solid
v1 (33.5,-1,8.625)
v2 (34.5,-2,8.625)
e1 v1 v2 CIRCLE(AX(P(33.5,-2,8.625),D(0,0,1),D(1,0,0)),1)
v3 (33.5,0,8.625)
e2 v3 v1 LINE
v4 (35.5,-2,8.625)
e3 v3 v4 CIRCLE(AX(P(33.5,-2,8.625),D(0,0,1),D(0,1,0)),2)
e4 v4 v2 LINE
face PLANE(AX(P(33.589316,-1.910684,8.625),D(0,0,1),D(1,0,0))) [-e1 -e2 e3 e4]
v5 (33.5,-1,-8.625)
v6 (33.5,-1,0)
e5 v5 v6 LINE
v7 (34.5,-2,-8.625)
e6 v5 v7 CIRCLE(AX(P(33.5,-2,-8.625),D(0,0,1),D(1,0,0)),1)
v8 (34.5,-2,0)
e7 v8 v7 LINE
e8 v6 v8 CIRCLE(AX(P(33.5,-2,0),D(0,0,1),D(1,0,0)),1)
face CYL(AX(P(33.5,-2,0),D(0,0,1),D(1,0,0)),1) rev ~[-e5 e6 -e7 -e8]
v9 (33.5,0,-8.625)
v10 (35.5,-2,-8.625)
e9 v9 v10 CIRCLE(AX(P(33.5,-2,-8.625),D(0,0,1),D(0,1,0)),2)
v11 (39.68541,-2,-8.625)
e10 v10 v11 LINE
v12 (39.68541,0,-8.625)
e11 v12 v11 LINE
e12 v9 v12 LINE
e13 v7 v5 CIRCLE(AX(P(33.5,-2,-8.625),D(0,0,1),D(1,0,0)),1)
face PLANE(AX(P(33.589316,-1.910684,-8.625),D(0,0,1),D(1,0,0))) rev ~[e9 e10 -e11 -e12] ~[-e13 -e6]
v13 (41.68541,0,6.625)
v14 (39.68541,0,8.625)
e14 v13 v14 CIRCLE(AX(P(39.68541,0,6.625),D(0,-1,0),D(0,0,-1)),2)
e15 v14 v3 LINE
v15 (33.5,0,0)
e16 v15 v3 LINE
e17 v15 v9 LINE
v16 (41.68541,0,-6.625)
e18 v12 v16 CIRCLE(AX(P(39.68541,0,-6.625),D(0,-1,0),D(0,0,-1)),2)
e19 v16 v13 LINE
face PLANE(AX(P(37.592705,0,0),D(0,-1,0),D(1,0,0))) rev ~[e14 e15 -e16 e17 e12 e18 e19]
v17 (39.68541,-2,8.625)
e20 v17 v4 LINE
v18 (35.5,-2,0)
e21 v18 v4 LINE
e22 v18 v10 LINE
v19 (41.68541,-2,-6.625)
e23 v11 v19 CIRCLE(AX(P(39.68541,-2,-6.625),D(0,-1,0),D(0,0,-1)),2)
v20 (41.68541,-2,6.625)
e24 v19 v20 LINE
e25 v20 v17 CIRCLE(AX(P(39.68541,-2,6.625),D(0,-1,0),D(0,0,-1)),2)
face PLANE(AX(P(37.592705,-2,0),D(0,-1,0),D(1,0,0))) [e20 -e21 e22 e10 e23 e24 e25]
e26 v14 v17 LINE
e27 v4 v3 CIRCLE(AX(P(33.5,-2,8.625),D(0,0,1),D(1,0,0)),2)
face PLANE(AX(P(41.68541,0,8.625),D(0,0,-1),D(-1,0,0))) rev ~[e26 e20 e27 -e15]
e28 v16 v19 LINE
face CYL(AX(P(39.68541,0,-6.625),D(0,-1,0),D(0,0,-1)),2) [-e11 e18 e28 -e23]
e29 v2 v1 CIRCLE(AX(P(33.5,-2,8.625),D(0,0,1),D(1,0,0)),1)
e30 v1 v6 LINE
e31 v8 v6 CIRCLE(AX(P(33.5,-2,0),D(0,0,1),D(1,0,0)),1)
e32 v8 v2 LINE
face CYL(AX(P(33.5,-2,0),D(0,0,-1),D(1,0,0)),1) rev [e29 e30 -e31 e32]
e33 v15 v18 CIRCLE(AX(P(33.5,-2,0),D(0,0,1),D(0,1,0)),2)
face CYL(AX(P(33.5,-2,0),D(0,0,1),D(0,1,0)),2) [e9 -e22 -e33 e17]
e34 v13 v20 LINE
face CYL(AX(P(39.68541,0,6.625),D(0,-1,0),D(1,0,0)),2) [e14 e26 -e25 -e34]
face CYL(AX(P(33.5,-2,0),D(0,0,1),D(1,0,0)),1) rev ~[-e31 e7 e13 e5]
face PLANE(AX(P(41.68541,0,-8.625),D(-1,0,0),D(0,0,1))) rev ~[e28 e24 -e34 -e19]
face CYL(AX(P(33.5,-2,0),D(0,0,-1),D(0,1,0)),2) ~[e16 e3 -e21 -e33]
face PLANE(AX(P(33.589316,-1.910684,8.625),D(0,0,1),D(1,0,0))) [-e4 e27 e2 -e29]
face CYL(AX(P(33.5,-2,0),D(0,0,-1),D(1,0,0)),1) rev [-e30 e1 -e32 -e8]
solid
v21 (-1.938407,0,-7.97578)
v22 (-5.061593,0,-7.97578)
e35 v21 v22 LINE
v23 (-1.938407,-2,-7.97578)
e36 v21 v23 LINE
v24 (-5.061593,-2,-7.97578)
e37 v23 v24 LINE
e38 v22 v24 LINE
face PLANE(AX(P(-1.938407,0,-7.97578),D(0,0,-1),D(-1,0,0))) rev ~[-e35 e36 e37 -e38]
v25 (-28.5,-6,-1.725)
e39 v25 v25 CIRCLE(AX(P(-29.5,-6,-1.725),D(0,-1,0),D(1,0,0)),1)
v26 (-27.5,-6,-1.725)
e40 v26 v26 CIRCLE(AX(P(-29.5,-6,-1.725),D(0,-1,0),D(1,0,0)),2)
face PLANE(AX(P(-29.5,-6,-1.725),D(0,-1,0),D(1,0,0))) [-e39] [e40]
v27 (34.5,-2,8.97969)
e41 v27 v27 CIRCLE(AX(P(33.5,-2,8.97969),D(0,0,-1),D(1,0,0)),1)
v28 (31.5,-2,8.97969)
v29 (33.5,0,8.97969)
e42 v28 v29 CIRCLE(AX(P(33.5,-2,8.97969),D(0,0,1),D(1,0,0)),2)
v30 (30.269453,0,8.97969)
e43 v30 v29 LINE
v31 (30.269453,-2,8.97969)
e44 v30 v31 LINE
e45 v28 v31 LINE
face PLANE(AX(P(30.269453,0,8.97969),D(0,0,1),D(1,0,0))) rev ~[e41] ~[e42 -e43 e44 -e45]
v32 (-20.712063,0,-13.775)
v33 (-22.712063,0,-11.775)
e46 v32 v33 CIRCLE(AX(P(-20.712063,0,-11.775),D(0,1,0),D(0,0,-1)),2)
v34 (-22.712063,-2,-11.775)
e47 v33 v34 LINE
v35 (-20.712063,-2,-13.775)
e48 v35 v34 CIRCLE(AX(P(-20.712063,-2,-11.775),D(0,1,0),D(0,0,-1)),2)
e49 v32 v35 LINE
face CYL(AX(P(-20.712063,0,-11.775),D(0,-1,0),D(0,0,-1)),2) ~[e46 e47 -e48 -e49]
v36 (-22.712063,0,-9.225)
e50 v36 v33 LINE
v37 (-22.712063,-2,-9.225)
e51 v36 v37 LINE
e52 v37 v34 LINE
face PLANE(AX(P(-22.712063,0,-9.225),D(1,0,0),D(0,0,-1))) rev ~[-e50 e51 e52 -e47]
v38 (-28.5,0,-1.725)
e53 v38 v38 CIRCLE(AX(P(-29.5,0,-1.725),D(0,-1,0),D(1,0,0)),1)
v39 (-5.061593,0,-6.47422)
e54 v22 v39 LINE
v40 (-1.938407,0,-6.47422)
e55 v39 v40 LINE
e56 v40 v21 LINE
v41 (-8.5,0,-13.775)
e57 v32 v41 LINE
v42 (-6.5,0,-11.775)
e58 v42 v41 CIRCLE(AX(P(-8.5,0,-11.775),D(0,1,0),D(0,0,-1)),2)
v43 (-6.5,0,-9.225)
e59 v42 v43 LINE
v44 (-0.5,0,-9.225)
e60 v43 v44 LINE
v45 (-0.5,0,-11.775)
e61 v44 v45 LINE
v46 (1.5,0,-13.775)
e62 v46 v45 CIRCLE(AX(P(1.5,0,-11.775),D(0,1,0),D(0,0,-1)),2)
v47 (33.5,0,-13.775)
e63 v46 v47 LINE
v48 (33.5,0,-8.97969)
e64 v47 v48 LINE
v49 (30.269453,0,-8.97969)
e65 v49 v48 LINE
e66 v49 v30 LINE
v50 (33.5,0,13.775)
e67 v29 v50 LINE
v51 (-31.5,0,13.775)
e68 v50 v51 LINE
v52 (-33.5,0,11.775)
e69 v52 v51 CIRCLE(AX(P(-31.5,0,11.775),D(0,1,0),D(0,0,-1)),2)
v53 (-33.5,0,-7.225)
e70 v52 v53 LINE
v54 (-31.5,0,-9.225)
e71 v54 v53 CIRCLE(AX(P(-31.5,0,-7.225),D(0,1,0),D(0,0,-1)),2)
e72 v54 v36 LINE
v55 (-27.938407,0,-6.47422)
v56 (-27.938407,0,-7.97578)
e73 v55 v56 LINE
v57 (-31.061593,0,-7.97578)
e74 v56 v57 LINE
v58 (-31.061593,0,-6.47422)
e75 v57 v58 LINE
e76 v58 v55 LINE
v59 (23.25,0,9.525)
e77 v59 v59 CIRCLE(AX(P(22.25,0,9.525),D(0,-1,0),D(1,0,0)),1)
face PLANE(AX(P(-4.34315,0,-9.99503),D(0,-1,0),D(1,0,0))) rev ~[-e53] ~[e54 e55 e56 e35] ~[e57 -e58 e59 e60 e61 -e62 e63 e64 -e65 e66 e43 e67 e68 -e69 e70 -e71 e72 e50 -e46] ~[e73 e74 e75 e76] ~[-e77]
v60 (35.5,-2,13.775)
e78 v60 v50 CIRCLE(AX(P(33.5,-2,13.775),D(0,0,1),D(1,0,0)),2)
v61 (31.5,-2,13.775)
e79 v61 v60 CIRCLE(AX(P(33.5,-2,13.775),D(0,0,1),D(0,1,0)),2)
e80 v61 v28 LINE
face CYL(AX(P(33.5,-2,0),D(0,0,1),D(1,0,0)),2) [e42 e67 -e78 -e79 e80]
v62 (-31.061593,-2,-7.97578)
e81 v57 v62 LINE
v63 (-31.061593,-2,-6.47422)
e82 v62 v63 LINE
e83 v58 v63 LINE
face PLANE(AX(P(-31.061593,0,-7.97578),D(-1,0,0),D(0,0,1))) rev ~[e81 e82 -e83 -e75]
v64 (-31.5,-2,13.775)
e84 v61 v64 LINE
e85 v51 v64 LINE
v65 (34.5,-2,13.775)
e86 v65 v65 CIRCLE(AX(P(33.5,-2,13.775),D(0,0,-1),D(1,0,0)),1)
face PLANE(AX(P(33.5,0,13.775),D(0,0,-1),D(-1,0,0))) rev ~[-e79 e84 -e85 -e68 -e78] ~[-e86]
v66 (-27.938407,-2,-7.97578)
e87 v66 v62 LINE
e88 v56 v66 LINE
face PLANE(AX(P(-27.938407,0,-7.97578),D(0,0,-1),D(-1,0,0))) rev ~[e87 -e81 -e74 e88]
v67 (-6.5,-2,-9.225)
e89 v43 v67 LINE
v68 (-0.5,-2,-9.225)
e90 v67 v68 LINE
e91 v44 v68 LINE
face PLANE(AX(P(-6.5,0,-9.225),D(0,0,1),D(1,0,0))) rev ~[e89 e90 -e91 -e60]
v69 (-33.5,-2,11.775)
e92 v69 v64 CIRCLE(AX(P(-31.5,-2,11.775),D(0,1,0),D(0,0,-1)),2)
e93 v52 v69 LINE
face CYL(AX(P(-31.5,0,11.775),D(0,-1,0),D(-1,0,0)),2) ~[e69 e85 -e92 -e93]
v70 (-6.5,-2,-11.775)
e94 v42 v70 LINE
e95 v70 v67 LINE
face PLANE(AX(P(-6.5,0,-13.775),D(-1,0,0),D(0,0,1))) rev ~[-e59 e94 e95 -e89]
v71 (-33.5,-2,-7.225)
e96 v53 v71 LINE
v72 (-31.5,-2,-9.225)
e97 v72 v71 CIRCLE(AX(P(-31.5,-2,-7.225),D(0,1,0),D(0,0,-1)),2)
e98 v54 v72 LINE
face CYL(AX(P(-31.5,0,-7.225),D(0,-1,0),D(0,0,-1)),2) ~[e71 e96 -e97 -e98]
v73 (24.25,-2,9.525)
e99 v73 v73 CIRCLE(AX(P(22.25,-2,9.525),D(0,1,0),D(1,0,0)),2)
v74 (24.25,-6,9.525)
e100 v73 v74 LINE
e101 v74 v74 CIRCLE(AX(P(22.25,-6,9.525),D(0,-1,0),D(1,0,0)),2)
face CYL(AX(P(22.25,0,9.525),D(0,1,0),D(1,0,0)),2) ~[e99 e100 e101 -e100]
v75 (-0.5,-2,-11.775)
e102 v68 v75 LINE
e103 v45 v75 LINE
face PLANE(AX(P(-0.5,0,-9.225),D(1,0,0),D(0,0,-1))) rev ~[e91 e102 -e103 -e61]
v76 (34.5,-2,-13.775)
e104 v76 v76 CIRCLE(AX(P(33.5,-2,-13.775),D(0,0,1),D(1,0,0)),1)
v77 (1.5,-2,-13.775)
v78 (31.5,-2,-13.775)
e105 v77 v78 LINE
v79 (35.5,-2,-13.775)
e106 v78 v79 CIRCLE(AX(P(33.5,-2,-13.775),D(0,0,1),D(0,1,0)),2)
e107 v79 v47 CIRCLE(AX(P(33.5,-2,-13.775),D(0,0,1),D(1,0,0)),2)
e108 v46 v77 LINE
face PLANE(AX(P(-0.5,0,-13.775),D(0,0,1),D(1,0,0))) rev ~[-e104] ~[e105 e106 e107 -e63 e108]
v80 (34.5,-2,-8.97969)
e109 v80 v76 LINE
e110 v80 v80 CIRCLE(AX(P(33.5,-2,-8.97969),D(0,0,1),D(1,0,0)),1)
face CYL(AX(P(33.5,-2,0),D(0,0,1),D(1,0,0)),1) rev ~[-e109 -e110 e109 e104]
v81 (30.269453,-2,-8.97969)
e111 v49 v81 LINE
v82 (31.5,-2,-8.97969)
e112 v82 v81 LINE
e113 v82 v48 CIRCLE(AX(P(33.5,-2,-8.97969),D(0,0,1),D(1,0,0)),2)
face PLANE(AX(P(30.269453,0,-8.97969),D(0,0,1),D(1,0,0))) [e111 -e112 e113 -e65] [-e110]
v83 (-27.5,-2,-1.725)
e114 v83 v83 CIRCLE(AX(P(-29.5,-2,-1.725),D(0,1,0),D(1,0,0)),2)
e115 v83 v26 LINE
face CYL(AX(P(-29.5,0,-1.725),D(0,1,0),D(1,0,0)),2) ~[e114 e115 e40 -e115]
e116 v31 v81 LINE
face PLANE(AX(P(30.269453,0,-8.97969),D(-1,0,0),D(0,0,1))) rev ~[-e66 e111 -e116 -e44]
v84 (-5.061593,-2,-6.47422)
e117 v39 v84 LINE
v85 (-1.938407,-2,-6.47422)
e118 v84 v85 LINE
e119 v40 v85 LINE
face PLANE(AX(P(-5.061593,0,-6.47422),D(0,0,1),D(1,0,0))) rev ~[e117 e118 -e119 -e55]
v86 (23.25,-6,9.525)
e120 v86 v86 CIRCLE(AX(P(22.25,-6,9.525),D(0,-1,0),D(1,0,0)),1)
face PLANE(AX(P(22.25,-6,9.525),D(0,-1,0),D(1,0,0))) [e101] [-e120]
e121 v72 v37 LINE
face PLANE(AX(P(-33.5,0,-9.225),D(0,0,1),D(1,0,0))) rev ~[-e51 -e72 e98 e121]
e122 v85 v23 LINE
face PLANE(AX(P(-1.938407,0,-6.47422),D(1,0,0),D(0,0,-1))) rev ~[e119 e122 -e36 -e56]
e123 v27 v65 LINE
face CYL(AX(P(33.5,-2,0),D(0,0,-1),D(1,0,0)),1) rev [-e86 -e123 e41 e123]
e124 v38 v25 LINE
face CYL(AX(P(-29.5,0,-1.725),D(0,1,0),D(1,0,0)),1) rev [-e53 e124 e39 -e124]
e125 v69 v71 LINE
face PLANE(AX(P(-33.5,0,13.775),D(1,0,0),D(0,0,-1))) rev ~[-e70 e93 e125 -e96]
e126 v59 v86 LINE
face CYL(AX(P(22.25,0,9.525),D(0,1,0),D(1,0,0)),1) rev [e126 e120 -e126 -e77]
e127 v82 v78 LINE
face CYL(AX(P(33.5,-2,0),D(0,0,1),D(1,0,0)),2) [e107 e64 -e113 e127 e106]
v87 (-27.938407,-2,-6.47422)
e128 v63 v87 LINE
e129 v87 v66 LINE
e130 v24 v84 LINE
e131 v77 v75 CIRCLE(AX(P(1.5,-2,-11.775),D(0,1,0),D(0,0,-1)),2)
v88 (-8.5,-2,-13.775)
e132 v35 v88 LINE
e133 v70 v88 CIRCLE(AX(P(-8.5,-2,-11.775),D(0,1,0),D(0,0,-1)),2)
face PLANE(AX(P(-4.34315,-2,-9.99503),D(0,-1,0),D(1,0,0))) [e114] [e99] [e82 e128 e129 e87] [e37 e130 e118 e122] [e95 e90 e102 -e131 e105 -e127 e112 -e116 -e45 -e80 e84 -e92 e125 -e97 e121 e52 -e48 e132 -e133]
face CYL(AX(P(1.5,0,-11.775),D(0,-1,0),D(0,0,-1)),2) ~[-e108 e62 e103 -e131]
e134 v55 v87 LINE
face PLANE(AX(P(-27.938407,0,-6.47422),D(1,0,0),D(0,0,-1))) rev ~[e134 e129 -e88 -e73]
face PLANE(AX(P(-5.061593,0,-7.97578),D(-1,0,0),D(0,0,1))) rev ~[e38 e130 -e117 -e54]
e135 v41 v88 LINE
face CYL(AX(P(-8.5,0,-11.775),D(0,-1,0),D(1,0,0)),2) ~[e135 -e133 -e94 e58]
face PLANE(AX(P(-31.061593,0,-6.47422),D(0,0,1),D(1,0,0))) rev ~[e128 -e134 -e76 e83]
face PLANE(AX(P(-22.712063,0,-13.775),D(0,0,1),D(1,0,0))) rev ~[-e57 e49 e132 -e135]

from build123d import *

# Parameters (mm, degrees)
F0_R           = 2
F0_W           = 9
F0_H           = 21
F0_R_2         = 1
F0_H_2         = 6.55
F1_DEPTH       = 2
F2_DEPTH       = 6
F3_R           = 1
F4_DEPTH       = 13.775
F4_DEPTH_BACK  = 13.775
F5_W           = 10.4610943198
F5_H           = 17.9593805224
F6_DEPTH       = 6
F7_DEPTH       = 8.625
F9_DEPTH       = 2
F10_DEPTH      = 13.776
F10_DEPTH_BACK = 13.776
F11_R          = 2
F11_2_R        = 2


with BuildPart() as f1:
    # F0 (on Front) → F1 (new body)
    with BuildSketch(Plane.XZ):
        Polygon((-0.5, -13.775), (24.5, -13.775), (24.5, -7.225), (-1.9384069145, -7.225), (-1.9384069145, -7.9757804051), (-5.0615930855, -7.9757804051), (-5.0615930855, -7.225), (-27.9384069145, -7.225), (-27.9384069145, -7.9757804051), (-31.0615930855, -7.9757804051), (-31.0615930855, -7.225), (-33.5, -7.225), (-33.5, -9.225), (-22.7120630443, -9.225), (-22.7120630443, -13.775), (-6.5, -13.775), (-6.5, -9.225), (-0.5, -9.225), align=None)
        Polygon((-1.9384069145, -7.225), (24.5, -7.225), (24.5, 13.775), (-33.5, 13.775), (-33.5, -7.225), (-31.0615930855, -7.225), (-31.0615930855, -6.4742195949), (-27.9384069145, -6.4742195949), (-27.9384069145, -7.225), (-5.0615930855, -7.225), (-5.0615930855, -6.4742195949), (-1.9384069145, -6.4742195949), align=None)
        with Locations((-29.5, -1.725)):
            Circle(F0_R, mode=Mode.SUBTRACT)
        with Locations((22.25, 9.525)):
            Circle(F0_R, mode=Mode.SUBTRACT)
        with Locations((29, 3.275)):
            Rectangle(F0_W, F0_H)
        with Locations((22.25, 9.525)):
            Circle(F0_R)
        with Locations((22.25, 9.525)):
            Circle(F0_R_2, mode=Mode.SUBTRACT)
        with Locations((-29.5, -1.725)):
            Circle(F0_R)
        with Locations((-29.5, -1.725)):
            Circle(F0_R_2, mode=Mode.SUBTRACT)
        with Locations((29, -10.5)):
            Rectangle(F0_W, F0_H_2)
    extrude(amount=F1_DEPTH)

    # F0 (on Front) → F2 (join)
    with BuildSketch(Plane.XZ):
        with Locations((-29.5, -1.725)):
            Circle(F0_R)
        with Locations((-29.5, -1.725)):
            Circle(F0_R_2, mode=Mode.SUBTRACT)
        with Locations((22.25, 9.525)):
            Circle(F0_R)
        with Locations((22.25, 9.525)):
            Circle(F0_R_2, mode=Mode.SUBTRACT)
    extrude(amount=F2_DEPTH)

    # F3 (on Top) → F4 (join, two sides)
    with BuildSketch(Plane.XY) as f4_sk:
        with BuildLine():
            ThreePointArc((33.5, 0), (32.0857864376, -3.4142135624), (35.5, -2))
            ThreePointArc((35.5, -2), (34.9142135624, -0.5857864376), (33.5, 0))
        make_face()
        with Locations((33.5, -2)):
            Circle(F3_R, mode=Mode.SUBTRACT)
        with Locations((33.5, -2)):
            Circle(F3_R)
    extrude(amount=F4_DEPTH)
    extrude(f4_sk.sketch, amount=-F4_DEPTH_BACK)

    # F5 (on Front) → F6 (cut)
    with BuildSketch(Plane.XZ):
        with Locations((35.5, 0)):
            Rectangle(F5_W, F5_H)
    extrude(amount=F6_DEPTH, mode=Mode.SUBTRACT)


with BuildPart() as f7:
    # F3 (on Top) → F7 (new body, symmetric)
    with BuildSketch(Plane.XY):
        with BuildLine():
            ThreePointArc((33.5, 0), (32.0857864376, -3.4142135624), (35.5, -2))
            ThreePointArc((35.5, -2), (34.9142135624, -0.5857864376), (33.5, 0))
        make_face()
        with Locations((33.5, -2)):
            Circle(F3_R, mode=Mode.SUBTRACT)
    extrude(amount=F7_DEPTH, both=True)

    # F8 (on Front) → F9 (join, through all)
    with BuildSketch(Plane.XZ):
        Polygon((35.5, 8.625), (33.5, 8.625), (33.5, -8.625), (35.5, -8.625), (41.6854098439, -8.625), (41.6854098439, 8.625), align=None)
    extrude(amount=F9_DEPTH)


with BuildPart() as f10_tool:
    # F3 (on Top) → F10 (new body, two sides)
    with BuildSketch(Plane.XY) as f10_sk:
        with Locations((33.5, -2)):
            Circle(F3_R)
    extrude(amount=-F10_DEPTH)
    extrude(f10_sk.sketch, amount=F10_DEPTH_BACK)


with BuildPart() as f1_1:
    add(f1.part)

    # F10: cut by f10_tool
    add(f10_tool.part, mode=Mode.SUBTRACT)

    # F11
    f11_edges = [f1_1.edges().sort_by_distance(p)[0] for p in [
        (-33.5, -1, -9.225),
        (-33.5, -1, 13.775),
        (-22.712063, -1, -13.775),
        (-6.5, -1, -13.775),
        (-0.5, -1, -13.775),
    ]]
    fillet(f11_edges, radius=F11_R)


with BuildPart() as f7_1:
    add(f7.part)

    # F10: cut by f10_tool
    add(f10_tool.part, mode=Mode.SUBTRACT)

    # F11#2
    f11_2_edges = [f7_1.edges().sort_by_distance(p)[0] for p in [
        (41.68541, -1, -8.625),
        (41.68541, -1, 8.625),
    ]]
    fillet(f11_2_edges, radius=F11_2_R)


solid = Compound([f1_1.part, f7_1.part])
